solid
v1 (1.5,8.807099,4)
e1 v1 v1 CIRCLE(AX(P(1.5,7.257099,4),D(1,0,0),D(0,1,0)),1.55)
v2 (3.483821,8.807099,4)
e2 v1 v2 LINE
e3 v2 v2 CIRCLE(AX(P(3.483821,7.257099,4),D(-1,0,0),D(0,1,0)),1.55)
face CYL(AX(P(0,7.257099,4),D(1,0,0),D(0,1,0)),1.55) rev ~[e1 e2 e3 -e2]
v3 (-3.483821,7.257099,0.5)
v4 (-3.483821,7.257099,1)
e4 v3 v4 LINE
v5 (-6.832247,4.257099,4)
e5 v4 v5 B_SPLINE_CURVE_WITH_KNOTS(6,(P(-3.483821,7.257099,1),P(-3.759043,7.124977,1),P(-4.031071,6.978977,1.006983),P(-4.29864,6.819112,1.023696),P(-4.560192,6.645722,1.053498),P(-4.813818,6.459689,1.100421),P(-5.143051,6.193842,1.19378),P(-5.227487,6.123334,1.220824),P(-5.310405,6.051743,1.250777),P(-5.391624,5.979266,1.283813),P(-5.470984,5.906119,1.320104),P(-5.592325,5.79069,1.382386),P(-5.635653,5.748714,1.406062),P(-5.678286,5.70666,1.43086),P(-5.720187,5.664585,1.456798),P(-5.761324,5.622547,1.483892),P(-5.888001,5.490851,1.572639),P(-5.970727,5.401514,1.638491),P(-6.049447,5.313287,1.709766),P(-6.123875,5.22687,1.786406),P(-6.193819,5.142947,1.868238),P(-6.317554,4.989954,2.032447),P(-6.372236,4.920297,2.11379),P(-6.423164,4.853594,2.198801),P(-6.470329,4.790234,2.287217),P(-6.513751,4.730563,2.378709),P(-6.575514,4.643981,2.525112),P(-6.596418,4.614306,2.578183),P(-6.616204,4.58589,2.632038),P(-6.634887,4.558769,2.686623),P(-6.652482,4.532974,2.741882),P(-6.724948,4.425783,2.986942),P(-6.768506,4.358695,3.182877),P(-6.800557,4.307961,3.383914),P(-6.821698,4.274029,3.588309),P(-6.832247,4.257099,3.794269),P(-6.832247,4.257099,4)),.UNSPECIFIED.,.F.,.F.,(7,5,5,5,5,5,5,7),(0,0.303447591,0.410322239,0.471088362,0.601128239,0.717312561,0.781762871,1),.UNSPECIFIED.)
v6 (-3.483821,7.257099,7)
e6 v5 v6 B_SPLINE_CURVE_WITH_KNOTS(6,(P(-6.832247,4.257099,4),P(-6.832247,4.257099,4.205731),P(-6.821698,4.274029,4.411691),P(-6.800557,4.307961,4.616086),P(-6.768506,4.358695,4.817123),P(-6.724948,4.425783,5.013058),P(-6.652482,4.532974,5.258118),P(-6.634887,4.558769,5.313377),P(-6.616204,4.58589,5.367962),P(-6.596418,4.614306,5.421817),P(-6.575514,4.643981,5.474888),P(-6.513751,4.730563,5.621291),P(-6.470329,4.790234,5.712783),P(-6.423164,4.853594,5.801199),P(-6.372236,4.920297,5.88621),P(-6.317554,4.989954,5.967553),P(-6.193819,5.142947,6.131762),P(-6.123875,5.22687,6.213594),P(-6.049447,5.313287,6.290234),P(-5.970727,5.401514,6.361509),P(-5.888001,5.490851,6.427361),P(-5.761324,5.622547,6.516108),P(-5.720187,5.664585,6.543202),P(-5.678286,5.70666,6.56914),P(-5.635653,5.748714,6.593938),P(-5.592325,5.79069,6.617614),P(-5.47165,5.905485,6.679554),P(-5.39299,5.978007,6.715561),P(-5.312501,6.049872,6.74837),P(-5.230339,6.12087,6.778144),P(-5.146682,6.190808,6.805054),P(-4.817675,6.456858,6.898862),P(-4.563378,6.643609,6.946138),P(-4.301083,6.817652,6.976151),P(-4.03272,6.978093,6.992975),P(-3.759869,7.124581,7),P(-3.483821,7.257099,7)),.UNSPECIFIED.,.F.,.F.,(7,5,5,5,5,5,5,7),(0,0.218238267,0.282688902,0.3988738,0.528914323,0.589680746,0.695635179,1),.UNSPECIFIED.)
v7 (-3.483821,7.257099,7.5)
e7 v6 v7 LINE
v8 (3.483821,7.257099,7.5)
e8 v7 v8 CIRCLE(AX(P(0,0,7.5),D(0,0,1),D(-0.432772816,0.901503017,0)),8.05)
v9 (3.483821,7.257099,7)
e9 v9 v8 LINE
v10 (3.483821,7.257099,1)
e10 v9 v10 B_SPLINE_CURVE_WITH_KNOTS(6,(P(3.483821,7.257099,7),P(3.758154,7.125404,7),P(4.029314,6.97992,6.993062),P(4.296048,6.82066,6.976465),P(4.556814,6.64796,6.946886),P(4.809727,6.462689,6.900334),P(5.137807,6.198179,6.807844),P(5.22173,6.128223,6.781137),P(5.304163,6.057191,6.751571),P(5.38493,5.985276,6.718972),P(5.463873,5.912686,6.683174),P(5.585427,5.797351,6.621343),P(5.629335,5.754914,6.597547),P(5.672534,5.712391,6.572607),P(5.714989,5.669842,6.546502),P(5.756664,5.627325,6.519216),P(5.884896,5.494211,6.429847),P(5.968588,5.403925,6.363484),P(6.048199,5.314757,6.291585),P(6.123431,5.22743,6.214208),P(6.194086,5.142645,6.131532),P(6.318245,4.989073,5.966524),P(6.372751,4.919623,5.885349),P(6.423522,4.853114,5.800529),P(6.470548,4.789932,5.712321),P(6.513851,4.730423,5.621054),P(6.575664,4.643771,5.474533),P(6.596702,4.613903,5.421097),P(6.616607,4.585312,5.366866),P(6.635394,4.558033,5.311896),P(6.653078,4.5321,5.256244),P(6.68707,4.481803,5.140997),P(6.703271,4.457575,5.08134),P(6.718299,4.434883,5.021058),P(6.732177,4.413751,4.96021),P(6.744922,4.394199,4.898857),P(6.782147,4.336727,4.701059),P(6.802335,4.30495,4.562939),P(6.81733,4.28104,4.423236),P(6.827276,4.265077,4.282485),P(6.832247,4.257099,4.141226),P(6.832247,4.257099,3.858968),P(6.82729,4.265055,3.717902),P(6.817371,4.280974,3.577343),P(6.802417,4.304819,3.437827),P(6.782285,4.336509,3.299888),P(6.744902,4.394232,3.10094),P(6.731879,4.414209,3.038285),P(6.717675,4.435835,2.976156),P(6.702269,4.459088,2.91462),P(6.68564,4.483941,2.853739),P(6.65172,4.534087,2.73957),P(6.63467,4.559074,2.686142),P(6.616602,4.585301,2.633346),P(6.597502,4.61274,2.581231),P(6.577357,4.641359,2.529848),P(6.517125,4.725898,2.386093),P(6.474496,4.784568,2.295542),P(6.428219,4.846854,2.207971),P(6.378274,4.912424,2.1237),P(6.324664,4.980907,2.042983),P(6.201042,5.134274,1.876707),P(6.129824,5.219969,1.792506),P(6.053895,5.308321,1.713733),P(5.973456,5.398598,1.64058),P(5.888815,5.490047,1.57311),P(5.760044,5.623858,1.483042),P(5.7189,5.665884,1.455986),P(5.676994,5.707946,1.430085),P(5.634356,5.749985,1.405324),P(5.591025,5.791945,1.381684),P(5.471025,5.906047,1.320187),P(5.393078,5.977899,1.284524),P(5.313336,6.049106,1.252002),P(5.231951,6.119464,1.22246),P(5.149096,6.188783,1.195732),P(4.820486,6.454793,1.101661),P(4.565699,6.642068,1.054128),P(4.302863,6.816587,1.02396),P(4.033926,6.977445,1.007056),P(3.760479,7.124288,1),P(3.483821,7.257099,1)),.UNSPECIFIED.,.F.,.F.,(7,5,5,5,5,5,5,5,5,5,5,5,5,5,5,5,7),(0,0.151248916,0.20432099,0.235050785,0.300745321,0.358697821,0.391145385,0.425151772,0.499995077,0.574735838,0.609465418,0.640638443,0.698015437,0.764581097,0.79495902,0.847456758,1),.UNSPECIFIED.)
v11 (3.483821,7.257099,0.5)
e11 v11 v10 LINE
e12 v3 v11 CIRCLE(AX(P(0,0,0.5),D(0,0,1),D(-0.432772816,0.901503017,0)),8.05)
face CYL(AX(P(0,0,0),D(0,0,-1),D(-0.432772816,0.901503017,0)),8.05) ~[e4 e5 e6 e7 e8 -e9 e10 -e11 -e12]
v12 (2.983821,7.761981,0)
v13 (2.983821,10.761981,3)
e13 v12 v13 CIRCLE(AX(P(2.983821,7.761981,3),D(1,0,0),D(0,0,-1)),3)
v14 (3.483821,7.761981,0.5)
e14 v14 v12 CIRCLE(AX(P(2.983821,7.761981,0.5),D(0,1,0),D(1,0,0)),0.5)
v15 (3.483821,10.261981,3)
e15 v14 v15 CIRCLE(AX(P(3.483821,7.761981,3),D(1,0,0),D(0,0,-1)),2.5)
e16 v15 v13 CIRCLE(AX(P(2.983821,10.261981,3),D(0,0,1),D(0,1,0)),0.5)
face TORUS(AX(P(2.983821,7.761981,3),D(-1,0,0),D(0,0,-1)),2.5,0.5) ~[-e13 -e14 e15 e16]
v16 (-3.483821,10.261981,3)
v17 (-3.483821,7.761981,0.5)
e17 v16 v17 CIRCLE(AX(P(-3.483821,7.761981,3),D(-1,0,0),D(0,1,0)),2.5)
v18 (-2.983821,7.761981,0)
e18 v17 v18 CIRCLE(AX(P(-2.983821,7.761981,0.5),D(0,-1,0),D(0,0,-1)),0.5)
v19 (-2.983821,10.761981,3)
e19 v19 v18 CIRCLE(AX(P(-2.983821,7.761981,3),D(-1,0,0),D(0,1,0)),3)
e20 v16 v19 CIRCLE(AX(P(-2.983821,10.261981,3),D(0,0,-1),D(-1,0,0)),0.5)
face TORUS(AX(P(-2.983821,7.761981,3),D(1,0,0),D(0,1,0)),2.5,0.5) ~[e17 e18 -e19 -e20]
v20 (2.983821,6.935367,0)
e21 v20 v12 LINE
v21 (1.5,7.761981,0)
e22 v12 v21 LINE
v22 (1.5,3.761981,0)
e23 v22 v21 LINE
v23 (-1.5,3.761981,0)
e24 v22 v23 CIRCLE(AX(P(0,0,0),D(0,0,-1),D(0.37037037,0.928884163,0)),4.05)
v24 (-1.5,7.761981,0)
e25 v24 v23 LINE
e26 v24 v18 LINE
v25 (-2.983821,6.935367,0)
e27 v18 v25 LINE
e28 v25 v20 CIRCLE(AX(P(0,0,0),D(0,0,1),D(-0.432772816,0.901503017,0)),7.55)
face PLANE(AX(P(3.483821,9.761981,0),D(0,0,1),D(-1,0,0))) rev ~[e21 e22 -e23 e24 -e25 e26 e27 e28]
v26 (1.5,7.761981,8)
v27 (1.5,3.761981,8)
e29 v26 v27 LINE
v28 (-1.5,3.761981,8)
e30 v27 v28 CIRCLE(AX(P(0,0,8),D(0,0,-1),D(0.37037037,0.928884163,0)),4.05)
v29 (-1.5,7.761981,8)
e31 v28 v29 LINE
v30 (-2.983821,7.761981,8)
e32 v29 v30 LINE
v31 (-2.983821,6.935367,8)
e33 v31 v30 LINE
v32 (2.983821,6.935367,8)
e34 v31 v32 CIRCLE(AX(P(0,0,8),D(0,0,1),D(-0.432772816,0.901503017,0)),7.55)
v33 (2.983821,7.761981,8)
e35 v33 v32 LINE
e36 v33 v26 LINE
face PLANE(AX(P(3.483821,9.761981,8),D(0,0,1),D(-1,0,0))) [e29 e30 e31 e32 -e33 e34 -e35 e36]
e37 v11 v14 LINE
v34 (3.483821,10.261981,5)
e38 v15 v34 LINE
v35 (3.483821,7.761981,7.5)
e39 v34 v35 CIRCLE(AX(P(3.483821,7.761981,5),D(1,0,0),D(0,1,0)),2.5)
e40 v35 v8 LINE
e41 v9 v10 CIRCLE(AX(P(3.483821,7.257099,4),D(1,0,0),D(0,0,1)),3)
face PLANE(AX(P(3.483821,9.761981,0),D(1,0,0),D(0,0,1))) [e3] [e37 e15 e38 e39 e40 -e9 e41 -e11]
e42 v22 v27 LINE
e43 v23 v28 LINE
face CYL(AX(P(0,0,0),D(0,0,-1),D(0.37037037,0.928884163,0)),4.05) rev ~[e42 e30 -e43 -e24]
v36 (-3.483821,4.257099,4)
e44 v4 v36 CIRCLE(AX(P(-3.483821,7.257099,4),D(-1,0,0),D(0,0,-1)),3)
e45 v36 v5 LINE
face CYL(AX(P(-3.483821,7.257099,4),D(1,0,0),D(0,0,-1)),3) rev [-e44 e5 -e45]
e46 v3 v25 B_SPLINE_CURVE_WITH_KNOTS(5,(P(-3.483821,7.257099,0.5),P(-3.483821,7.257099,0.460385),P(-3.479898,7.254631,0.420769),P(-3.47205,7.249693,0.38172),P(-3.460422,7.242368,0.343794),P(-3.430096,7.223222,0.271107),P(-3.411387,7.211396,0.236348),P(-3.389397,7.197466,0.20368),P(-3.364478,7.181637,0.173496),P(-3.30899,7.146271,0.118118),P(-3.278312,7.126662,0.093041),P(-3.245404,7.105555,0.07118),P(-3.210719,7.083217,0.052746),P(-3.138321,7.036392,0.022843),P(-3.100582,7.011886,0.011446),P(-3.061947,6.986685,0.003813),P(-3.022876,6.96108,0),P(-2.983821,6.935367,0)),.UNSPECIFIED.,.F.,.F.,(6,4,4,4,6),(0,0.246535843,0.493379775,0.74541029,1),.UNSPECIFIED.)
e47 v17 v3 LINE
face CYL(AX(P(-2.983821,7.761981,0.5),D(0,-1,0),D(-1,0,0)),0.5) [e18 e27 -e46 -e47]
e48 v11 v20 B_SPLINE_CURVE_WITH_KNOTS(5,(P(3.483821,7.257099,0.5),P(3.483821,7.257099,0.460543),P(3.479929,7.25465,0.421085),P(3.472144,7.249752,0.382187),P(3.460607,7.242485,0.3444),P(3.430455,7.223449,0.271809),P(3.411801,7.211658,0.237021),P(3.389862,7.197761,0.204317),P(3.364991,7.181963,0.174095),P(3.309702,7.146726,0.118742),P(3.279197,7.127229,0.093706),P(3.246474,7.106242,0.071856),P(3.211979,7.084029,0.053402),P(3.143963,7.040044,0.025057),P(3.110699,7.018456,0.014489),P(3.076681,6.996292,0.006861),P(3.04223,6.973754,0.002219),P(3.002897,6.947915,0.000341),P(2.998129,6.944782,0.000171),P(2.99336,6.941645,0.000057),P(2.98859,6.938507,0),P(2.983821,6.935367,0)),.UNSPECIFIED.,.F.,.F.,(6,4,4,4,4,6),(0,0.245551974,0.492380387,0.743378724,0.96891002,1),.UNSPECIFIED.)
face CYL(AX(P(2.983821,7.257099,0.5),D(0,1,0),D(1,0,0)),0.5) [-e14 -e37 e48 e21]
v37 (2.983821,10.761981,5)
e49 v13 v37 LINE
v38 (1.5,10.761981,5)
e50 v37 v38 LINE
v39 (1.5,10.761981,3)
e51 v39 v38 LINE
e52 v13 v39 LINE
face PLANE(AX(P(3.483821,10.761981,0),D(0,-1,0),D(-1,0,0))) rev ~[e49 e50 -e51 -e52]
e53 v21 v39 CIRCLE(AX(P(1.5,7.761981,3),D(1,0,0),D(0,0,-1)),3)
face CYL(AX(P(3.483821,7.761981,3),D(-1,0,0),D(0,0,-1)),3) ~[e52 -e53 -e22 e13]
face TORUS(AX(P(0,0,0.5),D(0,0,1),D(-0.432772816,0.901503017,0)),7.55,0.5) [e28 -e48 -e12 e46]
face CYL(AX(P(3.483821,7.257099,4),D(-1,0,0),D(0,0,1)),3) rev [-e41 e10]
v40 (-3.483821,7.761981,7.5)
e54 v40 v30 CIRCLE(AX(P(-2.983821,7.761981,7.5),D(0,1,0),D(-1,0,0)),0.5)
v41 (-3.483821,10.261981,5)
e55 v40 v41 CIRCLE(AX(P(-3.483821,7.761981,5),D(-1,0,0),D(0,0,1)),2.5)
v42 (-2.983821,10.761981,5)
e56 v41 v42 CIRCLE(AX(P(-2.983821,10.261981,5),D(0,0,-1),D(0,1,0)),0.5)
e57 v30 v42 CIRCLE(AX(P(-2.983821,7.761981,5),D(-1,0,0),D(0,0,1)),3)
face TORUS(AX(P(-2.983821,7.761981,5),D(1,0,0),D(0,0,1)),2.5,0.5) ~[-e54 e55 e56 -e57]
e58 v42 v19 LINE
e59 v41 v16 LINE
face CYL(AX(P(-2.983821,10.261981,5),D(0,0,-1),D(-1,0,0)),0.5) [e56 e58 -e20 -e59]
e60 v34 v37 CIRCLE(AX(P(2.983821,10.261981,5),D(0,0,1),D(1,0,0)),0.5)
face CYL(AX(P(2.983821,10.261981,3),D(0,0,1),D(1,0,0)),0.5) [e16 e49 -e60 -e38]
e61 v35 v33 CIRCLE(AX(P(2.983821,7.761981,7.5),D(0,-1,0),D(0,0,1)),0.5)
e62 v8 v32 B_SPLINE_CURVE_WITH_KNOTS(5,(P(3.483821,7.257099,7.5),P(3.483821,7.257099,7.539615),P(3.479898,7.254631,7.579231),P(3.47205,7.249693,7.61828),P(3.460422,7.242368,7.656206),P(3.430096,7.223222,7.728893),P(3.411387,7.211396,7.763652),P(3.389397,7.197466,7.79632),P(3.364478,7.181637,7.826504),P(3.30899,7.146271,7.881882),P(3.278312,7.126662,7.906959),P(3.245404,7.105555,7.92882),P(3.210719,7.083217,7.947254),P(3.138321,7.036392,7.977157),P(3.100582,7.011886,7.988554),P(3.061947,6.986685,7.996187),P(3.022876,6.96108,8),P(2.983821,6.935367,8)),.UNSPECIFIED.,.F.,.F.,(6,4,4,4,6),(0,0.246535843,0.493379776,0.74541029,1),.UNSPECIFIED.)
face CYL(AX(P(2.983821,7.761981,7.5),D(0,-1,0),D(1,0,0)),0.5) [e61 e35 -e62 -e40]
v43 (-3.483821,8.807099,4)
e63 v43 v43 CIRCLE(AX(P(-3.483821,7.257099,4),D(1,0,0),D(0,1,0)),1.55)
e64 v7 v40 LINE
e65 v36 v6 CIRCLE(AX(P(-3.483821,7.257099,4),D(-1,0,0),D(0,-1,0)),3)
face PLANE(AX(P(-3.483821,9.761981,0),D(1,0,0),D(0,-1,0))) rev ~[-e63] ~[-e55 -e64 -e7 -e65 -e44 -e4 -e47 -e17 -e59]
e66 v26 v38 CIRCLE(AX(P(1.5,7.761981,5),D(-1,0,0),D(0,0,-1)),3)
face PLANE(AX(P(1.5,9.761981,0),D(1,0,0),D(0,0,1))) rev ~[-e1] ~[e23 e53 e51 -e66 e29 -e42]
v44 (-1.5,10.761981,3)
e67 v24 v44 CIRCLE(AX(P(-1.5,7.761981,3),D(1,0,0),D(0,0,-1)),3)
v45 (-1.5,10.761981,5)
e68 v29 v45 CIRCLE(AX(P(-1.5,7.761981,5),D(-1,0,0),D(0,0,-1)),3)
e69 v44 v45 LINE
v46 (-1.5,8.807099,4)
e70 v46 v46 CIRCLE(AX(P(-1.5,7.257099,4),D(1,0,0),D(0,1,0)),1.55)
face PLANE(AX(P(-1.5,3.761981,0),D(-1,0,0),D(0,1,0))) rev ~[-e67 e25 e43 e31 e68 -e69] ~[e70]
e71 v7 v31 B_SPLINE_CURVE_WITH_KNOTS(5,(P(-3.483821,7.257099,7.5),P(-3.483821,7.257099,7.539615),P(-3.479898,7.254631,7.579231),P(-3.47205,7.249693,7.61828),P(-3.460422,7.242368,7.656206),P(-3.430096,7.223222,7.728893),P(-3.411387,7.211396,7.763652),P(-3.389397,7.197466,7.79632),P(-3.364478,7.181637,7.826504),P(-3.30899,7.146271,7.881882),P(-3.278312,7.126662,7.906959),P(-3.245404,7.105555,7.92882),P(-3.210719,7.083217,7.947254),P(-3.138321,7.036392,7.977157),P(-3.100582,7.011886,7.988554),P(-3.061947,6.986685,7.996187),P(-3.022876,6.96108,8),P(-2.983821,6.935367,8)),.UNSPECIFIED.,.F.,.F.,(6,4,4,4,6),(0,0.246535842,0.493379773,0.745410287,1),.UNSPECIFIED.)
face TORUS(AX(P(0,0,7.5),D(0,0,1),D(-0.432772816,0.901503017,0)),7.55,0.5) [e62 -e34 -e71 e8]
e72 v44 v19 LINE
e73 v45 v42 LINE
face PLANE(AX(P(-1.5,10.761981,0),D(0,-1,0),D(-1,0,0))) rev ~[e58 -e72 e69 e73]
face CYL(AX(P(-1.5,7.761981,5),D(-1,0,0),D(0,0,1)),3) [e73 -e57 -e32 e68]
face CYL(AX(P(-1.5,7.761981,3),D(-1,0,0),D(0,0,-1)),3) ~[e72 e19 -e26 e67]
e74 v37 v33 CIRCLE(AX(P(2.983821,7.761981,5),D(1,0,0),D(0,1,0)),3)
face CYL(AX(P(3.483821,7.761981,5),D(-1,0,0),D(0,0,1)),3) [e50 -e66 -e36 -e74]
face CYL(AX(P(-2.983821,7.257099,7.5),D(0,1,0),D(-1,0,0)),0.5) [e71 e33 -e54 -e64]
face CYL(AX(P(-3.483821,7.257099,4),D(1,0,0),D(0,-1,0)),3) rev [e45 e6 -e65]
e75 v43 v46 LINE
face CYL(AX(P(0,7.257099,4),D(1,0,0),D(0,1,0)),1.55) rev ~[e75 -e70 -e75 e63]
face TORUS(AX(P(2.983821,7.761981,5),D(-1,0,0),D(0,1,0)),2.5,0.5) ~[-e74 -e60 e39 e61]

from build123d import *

# Parameters (mm, degrees)
F1_DEPTH = 8
F2_R     = 1.55
F3_DEPTH = 12.5
F4_DEPTH = 1
F6_DEPTH = 25
F8_DEPTH = 25
F9_R     = 3
F10_R    = 3
F11_R    = 0.5


with BuildPart() as f1:
    # F0 (on Top) → F1 (new body)
    with BuildSketch(Plane.XY):
        with BuildLine():
            ThreePointArc((1.5, 3.7619808612), (0, -4.05), (-1.5, 3.7619808612))
            Line((-1.5, 3.7619808612), (-1.5, 7.909013845))
            Line((-1.5, 7.909013845), (-1.5, 9.7619808612))
            Line((-1.5, 9.7619808612), (-3.4838211723, 9.7619808612))
            Line((-3.4838211723, 9.7619808612), (-3.4838211723, 7.2570992855))
            ThreePointArc((-3.4838211723, 7.2570992855), (0, -8.05), (3.4838211723, 7.2570992855))
            Line((3.4838211723, 7.2570992855), (3.4838211723, 9.7619808612))
            Line((3.4838211723, 9.7619808612), (1.5, 9.7619808612))
            Line((1.5, 9.7619808612), (1.5, 7.909013845))
            Line((1.5, 7.909013845), (1.5, 3.7619808612))
        make_face()
    extrude(amount=F1_DEPTH)

    # F2 (on Right) → F3 (cut, symmetric)
    with BuildSketch(Plane.YZ):
        with Locations((7.2570992855, 4)):
            Circle(F2_R)
    extrude(amount=F3_DEPTH, both=True, mode=Mode.SUBTRACT)

    # F4 (add): faces of the model
    f4_faces = [f1.faces().sort_by_distance(p)[0] for p in [
        (2.4919105861, 9.7619808612, 4),
        (-2.4919105861, 9.7619808612, 4),
    ]]
    extrude(f4_faces, amount=F4_DEPTH)

    # F5 (on face) → F6 (cut)
    with BuildSketch(Plane.YZ.offset(3.4838211723)):
        with BuildLine():
            Line((7.2570992855, 5.55), (7.2570992855, 7))
            ThreePointArc((7.2570992855, 7), (4.2570992855, 4), (7.2570992855, 1))
            Line((7.2570992855, 1), (7.2570992855, 2.45))
            ThreePointArc((7.2570992855, 2.45), (8.3531147963, 2.9039844892), (8.8070992855, 4))
            ThreePointArc((8.8070992855, 4), (8.3531147963, 5.0960155108), (7.2570992855, 5.55))
        make_face()
    extrude(amount=F6_DEPTH, mode=Mode.SUBTRACT)

    # F7 (on face) → F8 (cut)
    with BuildSketch(Plane(origin=(-3.4838211723, 0, 0), x_dir=(0, -1, 0), z_dir=(-1, 0, 0))):
        with BuildLine():
            ThreePointArc((-7.2570992855, 1), (-5.1357789419, 1.8786796564), (-4.2570992855, 4))
            ThreePointArc((-4.2570992855, 4), (-5.1357789419, 6.1213203436), (-7.2570992855, 7))
            Line((-7.2570992855, 7), (-7.2570992855, 5.55))
            ThreePointArc((-7.2570992855, 5.55), (-8.3531147963, 5.0960155108), (-8.8070992855, 4))
            ThreePointArc((-8.8070992855, 4), (-8.3531147963, 2.9039844892), (-7.2570992855, 2.45))
            Line((-7.2570992855, 2.45), (-7.2570992855, 1))
        make_face()
    extrude(amount=F8_DEPTH, mode=Mode.SUBTRACT)

    # F9
    f9_edges = [f1.edges().sort_by_distance(p)[0] for p in [
        (2.491911, 10.761981, 8),
        (2.491911, 10.761981, 0),
    ]]
    fillet(f9_edges, radius=F9_R)

    # F10
    f10_edges = [f1.edges().sort_by_distance(p)[0] for p in [
        (-2.491911, 10.761981, 8),
        (-2.491911, 10.761981, 0),
    ]]
    fillet(f10_edges, radius=F10_R)

    # F11
    f11_edges = [f1.edges().sort_by_distance(p)[0] for p in [
        (-3.483821, 9.883301, 7.12132),
        (-3.483821, 7.50954, 8),
        (0, -8.05, 8),
        (3.483821, 7.50954, 8),
        (3.483821, 9.883301, 7.12132),
        (3.483821, 10.761981, 4),
        (-3.483821, 10.761981, 4),
        (-3.483821, 9.883301, 0.87868),
        (-3.483821, 7.50954, 0),
        (0, -8.05, 0),
        (3.483821, 7.50954, 0),
        (3.483821, 9.883301, 0.87868),
    ]]
    fillet(f11_edges, radius=F11_R)


solid = f1.part
